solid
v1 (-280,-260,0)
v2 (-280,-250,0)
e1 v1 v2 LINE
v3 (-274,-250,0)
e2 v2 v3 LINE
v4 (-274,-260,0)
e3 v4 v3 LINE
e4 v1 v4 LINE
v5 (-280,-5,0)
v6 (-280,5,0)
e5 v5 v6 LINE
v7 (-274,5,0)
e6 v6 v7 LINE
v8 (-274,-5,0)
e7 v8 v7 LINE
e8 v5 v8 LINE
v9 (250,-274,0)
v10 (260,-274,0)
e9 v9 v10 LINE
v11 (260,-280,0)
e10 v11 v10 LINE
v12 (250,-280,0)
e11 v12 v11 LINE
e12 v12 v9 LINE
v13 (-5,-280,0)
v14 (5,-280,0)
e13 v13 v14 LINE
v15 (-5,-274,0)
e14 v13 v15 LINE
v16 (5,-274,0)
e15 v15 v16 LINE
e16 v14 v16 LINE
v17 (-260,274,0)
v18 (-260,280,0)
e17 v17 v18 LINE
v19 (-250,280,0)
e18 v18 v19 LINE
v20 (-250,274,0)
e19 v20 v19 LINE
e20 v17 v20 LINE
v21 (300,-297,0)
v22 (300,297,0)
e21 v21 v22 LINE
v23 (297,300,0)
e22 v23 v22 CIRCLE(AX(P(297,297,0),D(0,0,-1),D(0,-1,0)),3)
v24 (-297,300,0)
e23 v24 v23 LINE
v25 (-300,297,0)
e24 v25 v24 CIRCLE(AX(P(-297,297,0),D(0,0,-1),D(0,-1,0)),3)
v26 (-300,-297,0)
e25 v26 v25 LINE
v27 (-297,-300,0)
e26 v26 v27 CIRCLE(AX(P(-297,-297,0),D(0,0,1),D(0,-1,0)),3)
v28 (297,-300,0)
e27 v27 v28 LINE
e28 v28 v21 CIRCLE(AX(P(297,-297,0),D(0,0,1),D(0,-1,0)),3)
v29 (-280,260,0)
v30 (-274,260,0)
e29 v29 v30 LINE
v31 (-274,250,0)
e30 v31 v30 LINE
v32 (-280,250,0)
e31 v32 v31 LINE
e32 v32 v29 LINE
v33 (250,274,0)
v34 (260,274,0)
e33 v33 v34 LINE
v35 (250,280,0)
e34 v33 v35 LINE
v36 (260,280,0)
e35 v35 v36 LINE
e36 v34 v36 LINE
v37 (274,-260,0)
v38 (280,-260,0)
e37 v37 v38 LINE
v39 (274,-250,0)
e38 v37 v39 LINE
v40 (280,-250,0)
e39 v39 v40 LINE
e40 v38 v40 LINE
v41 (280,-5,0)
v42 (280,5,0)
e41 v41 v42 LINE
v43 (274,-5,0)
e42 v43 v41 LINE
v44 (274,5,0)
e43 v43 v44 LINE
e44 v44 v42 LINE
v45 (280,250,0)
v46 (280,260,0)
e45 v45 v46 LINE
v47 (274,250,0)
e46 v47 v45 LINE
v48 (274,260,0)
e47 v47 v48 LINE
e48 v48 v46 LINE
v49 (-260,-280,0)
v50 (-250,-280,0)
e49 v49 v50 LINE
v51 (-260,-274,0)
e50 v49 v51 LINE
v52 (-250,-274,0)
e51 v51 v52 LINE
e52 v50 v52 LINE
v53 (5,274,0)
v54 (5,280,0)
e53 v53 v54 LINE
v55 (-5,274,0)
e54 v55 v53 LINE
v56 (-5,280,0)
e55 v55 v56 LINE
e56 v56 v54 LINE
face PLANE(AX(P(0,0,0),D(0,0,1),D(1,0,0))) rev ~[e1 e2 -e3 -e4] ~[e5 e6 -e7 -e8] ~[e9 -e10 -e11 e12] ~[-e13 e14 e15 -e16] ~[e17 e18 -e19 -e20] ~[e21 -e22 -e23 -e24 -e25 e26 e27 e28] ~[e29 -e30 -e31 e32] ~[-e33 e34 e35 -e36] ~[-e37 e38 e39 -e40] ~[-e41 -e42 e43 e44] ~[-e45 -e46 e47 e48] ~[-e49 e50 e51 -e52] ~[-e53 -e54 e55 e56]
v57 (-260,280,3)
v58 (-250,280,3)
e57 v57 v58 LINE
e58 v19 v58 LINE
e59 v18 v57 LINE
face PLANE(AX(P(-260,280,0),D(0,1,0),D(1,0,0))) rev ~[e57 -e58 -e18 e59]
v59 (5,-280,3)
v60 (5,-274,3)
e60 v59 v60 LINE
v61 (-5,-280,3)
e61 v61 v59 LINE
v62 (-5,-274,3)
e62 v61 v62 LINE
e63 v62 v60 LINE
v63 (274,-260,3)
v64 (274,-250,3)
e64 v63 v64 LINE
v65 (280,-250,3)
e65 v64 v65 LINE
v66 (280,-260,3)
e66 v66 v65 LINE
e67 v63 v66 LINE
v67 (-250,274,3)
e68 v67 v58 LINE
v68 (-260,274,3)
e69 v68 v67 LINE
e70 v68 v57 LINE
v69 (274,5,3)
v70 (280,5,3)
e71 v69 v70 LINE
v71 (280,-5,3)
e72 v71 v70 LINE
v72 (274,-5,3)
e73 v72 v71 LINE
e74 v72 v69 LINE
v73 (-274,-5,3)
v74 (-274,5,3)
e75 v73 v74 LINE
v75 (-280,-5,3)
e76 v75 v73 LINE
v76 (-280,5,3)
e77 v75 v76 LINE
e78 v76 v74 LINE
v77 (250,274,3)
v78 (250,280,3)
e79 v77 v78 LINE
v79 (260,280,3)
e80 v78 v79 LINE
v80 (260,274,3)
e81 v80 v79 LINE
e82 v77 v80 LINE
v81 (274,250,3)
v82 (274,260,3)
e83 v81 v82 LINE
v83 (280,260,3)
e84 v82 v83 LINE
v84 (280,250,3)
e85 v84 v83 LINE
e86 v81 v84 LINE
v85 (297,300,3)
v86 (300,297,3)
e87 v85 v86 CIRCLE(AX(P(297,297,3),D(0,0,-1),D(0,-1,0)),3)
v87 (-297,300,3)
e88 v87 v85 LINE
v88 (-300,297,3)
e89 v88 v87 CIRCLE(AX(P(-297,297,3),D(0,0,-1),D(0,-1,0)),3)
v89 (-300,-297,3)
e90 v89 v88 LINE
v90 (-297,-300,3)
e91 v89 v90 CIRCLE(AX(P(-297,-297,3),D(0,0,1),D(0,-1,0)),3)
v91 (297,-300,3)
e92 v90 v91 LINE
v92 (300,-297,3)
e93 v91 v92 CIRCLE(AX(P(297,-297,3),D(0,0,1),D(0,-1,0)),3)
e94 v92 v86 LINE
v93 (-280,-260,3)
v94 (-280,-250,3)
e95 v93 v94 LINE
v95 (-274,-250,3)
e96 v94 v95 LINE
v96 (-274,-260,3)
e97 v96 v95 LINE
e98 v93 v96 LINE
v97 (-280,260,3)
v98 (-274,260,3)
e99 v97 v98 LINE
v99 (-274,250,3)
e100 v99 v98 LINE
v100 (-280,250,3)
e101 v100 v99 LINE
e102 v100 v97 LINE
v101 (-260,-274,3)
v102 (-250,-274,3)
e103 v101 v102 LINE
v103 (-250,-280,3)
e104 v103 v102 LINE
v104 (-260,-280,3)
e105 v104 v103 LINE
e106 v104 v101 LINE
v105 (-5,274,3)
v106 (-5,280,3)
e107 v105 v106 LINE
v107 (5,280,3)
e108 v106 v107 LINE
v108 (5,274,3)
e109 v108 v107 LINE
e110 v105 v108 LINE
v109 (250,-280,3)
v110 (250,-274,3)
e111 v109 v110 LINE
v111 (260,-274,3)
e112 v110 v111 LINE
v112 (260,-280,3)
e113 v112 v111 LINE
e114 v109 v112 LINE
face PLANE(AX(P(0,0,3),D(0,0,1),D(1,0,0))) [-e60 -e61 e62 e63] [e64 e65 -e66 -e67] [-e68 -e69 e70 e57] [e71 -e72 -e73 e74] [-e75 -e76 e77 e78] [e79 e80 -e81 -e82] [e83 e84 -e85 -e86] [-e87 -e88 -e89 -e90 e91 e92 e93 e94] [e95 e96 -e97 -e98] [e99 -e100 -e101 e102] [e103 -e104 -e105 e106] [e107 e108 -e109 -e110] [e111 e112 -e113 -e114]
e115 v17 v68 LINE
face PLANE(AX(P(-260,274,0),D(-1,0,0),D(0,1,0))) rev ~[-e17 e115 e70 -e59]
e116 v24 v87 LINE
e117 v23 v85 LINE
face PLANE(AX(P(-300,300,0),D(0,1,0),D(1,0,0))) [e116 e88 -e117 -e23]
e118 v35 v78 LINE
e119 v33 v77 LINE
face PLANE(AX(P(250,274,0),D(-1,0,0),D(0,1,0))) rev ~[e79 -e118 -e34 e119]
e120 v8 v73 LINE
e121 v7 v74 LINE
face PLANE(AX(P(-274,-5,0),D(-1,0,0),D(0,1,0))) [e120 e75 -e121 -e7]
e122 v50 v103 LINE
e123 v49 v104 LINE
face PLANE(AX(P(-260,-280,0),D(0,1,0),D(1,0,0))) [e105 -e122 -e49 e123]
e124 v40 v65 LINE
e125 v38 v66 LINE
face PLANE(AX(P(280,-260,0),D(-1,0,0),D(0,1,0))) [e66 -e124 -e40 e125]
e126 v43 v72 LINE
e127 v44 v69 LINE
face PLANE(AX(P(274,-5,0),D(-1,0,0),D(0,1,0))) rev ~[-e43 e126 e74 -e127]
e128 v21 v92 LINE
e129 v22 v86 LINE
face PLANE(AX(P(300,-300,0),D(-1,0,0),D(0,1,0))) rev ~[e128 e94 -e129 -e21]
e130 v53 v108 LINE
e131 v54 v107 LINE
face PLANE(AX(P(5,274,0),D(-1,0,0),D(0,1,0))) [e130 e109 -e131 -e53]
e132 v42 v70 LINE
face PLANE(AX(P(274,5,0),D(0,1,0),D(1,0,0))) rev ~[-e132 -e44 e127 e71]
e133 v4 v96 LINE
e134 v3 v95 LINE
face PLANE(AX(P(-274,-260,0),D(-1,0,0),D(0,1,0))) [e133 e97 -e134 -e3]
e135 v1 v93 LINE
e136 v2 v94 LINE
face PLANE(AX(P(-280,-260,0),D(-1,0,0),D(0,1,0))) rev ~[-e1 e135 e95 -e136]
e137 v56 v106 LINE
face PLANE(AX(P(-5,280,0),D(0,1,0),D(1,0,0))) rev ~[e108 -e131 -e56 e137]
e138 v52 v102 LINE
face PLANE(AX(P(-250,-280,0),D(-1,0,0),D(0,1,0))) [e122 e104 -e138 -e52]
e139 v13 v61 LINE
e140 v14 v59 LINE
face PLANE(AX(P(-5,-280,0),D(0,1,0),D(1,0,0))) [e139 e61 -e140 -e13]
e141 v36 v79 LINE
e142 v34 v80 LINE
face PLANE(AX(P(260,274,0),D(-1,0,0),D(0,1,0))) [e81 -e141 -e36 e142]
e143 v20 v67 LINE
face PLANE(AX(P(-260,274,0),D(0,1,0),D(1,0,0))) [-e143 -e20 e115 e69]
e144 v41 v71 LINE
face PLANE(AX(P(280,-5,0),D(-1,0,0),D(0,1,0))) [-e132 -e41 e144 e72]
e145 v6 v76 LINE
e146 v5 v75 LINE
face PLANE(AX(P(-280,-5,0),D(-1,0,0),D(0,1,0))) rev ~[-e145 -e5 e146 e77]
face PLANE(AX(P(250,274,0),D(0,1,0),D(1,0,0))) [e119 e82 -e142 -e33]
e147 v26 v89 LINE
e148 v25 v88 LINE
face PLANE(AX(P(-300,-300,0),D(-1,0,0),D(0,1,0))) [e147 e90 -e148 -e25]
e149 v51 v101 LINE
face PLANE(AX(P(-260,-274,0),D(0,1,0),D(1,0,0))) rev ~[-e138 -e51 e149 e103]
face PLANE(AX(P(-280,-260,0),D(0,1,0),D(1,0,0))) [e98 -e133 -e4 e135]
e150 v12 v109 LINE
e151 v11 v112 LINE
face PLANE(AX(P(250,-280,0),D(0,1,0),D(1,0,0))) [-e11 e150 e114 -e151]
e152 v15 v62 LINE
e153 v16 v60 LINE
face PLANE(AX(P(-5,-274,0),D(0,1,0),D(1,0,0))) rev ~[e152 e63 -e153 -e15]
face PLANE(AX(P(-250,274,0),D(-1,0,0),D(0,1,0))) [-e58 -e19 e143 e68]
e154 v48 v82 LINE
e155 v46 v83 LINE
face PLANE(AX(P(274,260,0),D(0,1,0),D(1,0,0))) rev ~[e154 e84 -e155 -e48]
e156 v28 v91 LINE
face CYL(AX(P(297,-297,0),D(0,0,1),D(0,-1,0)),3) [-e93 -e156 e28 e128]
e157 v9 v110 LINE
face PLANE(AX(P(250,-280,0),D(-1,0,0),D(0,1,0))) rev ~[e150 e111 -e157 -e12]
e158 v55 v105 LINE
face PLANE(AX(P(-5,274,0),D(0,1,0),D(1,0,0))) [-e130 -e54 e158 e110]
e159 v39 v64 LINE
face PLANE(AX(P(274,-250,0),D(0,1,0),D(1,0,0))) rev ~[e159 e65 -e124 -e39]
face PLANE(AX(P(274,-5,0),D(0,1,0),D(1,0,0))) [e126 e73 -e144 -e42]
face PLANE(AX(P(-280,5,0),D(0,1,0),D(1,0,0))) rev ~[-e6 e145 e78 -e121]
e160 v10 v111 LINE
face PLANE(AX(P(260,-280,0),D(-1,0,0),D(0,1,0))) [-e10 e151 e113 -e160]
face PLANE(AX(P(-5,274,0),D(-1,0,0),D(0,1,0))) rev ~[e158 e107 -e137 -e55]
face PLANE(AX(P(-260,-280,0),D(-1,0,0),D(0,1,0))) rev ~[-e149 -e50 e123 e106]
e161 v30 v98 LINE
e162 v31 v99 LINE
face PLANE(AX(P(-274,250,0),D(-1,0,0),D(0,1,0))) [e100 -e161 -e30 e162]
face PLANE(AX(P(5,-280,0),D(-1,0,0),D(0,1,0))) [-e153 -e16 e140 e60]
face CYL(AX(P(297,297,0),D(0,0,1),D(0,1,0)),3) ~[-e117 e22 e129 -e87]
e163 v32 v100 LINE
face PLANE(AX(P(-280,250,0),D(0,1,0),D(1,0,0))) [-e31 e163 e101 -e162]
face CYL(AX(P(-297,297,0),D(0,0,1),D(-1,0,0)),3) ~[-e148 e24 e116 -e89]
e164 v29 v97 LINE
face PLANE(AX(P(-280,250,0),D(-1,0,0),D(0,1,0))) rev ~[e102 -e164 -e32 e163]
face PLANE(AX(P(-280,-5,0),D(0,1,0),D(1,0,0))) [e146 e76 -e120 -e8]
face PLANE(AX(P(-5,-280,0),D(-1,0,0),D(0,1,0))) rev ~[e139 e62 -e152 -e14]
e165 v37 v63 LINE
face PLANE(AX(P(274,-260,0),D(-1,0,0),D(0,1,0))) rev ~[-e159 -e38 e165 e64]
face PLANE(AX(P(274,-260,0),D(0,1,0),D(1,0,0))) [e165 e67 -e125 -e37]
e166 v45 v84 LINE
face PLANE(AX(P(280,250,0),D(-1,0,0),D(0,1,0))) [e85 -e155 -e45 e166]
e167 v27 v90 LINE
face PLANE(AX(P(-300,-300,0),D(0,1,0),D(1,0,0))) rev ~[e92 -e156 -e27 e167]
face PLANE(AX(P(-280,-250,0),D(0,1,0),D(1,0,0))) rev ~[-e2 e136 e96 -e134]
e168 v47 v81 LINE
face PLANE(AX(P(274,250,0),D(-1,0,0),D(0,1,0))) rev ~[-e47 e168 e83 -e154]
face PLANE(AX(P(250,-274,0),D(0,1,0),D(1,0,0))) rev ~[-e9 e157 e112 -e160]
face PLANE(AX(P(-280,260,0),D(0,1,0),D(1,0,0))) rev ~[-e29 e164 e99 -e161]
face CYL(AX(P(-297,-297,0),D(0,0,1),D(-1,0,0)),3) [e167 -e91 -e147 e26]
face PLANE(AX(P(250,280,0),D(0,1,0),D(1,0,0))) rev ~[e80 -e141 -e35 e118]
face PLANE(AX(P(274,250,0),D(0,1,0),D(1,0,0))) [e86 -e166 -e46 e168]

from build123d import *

# Parameters (mm, degrees)
F0_W     = 600
F0_H     = 600
F0_W_2   = 10
F0_H_2   = 6
F0_W_3   = 6
F0_H_3   = 10
F1_DEPTH = 3
F2_R     = 3


with BuildPart() as f1:
    # F0 (on Top) → F1 (new body)
    with BuildSketch(Plane.XY):
        Rectangle(F0_W, F0_H)
        with Locations((-255, -277)):
            Rectangle(F0_W_2, F0_H_2, mode=Mode.SUBTRACT)
        with Locations((-277, -255)):
            Rectangle(F0_W_3, F0_H_3, mode=Mode.SUBTRACT)
        with Locations((0, -277)):
            Rectangle(F0_W_2, F0_H_2, mode=Mode.SUBTRACT)
        with Locations((255, -277)):
            Rectangle(F0_W_2, F0_H_2, mode=Mode.SUBTRACT)
        with Locations((277, -255)):
            Rectangle(F0_W_3, F0_H_3, mode=Mode.SUBTRACT)
        with Locations((-277, 0)):
            Rectangle(F0_W_3, F0_H_3, mode=Mode.SUBTRACT)
        with Locations((-277, 255)):
            Rectangle(F0_W_3, F0_H_3, mode=Mode.SUBTRACT)
        with Locations((-255, 277)):
            Rectangle(F0_W_2, F0_H_2, mode=Mode.SUBTRACT)
        with Locations((277, 0)):
            Rectangle(F0_W_3, F0_H_3, mode=Mode.SUBTRACT)
        with Locations((0, 277)):
            Rectangle(F0_W_2, F0_H_2, mode=Mode.SUBTRACT)
        with Locations((277, 255)):
            Rectangle(F0_W_3, F0_H_3, mode=Mode.SUBTRACT)
        with Locations((255, 277)):
            Rectangle(F0_W_2, F0_H_2, mode=Mode.SUBTRACT)
    extrude(amount=F1_DEPTH)

    # F2
    f2_edges = [f1.edges().sort_by_distance(p)[0] for p in [
        (300, 300, 1.5),
        (300, -300, 1.5),
        (-300, -300, 1.5),
        (-300, 300, 1.5),
    ]]
    fillet(f2_edges, radius=F2_R)


solid = f1.part
